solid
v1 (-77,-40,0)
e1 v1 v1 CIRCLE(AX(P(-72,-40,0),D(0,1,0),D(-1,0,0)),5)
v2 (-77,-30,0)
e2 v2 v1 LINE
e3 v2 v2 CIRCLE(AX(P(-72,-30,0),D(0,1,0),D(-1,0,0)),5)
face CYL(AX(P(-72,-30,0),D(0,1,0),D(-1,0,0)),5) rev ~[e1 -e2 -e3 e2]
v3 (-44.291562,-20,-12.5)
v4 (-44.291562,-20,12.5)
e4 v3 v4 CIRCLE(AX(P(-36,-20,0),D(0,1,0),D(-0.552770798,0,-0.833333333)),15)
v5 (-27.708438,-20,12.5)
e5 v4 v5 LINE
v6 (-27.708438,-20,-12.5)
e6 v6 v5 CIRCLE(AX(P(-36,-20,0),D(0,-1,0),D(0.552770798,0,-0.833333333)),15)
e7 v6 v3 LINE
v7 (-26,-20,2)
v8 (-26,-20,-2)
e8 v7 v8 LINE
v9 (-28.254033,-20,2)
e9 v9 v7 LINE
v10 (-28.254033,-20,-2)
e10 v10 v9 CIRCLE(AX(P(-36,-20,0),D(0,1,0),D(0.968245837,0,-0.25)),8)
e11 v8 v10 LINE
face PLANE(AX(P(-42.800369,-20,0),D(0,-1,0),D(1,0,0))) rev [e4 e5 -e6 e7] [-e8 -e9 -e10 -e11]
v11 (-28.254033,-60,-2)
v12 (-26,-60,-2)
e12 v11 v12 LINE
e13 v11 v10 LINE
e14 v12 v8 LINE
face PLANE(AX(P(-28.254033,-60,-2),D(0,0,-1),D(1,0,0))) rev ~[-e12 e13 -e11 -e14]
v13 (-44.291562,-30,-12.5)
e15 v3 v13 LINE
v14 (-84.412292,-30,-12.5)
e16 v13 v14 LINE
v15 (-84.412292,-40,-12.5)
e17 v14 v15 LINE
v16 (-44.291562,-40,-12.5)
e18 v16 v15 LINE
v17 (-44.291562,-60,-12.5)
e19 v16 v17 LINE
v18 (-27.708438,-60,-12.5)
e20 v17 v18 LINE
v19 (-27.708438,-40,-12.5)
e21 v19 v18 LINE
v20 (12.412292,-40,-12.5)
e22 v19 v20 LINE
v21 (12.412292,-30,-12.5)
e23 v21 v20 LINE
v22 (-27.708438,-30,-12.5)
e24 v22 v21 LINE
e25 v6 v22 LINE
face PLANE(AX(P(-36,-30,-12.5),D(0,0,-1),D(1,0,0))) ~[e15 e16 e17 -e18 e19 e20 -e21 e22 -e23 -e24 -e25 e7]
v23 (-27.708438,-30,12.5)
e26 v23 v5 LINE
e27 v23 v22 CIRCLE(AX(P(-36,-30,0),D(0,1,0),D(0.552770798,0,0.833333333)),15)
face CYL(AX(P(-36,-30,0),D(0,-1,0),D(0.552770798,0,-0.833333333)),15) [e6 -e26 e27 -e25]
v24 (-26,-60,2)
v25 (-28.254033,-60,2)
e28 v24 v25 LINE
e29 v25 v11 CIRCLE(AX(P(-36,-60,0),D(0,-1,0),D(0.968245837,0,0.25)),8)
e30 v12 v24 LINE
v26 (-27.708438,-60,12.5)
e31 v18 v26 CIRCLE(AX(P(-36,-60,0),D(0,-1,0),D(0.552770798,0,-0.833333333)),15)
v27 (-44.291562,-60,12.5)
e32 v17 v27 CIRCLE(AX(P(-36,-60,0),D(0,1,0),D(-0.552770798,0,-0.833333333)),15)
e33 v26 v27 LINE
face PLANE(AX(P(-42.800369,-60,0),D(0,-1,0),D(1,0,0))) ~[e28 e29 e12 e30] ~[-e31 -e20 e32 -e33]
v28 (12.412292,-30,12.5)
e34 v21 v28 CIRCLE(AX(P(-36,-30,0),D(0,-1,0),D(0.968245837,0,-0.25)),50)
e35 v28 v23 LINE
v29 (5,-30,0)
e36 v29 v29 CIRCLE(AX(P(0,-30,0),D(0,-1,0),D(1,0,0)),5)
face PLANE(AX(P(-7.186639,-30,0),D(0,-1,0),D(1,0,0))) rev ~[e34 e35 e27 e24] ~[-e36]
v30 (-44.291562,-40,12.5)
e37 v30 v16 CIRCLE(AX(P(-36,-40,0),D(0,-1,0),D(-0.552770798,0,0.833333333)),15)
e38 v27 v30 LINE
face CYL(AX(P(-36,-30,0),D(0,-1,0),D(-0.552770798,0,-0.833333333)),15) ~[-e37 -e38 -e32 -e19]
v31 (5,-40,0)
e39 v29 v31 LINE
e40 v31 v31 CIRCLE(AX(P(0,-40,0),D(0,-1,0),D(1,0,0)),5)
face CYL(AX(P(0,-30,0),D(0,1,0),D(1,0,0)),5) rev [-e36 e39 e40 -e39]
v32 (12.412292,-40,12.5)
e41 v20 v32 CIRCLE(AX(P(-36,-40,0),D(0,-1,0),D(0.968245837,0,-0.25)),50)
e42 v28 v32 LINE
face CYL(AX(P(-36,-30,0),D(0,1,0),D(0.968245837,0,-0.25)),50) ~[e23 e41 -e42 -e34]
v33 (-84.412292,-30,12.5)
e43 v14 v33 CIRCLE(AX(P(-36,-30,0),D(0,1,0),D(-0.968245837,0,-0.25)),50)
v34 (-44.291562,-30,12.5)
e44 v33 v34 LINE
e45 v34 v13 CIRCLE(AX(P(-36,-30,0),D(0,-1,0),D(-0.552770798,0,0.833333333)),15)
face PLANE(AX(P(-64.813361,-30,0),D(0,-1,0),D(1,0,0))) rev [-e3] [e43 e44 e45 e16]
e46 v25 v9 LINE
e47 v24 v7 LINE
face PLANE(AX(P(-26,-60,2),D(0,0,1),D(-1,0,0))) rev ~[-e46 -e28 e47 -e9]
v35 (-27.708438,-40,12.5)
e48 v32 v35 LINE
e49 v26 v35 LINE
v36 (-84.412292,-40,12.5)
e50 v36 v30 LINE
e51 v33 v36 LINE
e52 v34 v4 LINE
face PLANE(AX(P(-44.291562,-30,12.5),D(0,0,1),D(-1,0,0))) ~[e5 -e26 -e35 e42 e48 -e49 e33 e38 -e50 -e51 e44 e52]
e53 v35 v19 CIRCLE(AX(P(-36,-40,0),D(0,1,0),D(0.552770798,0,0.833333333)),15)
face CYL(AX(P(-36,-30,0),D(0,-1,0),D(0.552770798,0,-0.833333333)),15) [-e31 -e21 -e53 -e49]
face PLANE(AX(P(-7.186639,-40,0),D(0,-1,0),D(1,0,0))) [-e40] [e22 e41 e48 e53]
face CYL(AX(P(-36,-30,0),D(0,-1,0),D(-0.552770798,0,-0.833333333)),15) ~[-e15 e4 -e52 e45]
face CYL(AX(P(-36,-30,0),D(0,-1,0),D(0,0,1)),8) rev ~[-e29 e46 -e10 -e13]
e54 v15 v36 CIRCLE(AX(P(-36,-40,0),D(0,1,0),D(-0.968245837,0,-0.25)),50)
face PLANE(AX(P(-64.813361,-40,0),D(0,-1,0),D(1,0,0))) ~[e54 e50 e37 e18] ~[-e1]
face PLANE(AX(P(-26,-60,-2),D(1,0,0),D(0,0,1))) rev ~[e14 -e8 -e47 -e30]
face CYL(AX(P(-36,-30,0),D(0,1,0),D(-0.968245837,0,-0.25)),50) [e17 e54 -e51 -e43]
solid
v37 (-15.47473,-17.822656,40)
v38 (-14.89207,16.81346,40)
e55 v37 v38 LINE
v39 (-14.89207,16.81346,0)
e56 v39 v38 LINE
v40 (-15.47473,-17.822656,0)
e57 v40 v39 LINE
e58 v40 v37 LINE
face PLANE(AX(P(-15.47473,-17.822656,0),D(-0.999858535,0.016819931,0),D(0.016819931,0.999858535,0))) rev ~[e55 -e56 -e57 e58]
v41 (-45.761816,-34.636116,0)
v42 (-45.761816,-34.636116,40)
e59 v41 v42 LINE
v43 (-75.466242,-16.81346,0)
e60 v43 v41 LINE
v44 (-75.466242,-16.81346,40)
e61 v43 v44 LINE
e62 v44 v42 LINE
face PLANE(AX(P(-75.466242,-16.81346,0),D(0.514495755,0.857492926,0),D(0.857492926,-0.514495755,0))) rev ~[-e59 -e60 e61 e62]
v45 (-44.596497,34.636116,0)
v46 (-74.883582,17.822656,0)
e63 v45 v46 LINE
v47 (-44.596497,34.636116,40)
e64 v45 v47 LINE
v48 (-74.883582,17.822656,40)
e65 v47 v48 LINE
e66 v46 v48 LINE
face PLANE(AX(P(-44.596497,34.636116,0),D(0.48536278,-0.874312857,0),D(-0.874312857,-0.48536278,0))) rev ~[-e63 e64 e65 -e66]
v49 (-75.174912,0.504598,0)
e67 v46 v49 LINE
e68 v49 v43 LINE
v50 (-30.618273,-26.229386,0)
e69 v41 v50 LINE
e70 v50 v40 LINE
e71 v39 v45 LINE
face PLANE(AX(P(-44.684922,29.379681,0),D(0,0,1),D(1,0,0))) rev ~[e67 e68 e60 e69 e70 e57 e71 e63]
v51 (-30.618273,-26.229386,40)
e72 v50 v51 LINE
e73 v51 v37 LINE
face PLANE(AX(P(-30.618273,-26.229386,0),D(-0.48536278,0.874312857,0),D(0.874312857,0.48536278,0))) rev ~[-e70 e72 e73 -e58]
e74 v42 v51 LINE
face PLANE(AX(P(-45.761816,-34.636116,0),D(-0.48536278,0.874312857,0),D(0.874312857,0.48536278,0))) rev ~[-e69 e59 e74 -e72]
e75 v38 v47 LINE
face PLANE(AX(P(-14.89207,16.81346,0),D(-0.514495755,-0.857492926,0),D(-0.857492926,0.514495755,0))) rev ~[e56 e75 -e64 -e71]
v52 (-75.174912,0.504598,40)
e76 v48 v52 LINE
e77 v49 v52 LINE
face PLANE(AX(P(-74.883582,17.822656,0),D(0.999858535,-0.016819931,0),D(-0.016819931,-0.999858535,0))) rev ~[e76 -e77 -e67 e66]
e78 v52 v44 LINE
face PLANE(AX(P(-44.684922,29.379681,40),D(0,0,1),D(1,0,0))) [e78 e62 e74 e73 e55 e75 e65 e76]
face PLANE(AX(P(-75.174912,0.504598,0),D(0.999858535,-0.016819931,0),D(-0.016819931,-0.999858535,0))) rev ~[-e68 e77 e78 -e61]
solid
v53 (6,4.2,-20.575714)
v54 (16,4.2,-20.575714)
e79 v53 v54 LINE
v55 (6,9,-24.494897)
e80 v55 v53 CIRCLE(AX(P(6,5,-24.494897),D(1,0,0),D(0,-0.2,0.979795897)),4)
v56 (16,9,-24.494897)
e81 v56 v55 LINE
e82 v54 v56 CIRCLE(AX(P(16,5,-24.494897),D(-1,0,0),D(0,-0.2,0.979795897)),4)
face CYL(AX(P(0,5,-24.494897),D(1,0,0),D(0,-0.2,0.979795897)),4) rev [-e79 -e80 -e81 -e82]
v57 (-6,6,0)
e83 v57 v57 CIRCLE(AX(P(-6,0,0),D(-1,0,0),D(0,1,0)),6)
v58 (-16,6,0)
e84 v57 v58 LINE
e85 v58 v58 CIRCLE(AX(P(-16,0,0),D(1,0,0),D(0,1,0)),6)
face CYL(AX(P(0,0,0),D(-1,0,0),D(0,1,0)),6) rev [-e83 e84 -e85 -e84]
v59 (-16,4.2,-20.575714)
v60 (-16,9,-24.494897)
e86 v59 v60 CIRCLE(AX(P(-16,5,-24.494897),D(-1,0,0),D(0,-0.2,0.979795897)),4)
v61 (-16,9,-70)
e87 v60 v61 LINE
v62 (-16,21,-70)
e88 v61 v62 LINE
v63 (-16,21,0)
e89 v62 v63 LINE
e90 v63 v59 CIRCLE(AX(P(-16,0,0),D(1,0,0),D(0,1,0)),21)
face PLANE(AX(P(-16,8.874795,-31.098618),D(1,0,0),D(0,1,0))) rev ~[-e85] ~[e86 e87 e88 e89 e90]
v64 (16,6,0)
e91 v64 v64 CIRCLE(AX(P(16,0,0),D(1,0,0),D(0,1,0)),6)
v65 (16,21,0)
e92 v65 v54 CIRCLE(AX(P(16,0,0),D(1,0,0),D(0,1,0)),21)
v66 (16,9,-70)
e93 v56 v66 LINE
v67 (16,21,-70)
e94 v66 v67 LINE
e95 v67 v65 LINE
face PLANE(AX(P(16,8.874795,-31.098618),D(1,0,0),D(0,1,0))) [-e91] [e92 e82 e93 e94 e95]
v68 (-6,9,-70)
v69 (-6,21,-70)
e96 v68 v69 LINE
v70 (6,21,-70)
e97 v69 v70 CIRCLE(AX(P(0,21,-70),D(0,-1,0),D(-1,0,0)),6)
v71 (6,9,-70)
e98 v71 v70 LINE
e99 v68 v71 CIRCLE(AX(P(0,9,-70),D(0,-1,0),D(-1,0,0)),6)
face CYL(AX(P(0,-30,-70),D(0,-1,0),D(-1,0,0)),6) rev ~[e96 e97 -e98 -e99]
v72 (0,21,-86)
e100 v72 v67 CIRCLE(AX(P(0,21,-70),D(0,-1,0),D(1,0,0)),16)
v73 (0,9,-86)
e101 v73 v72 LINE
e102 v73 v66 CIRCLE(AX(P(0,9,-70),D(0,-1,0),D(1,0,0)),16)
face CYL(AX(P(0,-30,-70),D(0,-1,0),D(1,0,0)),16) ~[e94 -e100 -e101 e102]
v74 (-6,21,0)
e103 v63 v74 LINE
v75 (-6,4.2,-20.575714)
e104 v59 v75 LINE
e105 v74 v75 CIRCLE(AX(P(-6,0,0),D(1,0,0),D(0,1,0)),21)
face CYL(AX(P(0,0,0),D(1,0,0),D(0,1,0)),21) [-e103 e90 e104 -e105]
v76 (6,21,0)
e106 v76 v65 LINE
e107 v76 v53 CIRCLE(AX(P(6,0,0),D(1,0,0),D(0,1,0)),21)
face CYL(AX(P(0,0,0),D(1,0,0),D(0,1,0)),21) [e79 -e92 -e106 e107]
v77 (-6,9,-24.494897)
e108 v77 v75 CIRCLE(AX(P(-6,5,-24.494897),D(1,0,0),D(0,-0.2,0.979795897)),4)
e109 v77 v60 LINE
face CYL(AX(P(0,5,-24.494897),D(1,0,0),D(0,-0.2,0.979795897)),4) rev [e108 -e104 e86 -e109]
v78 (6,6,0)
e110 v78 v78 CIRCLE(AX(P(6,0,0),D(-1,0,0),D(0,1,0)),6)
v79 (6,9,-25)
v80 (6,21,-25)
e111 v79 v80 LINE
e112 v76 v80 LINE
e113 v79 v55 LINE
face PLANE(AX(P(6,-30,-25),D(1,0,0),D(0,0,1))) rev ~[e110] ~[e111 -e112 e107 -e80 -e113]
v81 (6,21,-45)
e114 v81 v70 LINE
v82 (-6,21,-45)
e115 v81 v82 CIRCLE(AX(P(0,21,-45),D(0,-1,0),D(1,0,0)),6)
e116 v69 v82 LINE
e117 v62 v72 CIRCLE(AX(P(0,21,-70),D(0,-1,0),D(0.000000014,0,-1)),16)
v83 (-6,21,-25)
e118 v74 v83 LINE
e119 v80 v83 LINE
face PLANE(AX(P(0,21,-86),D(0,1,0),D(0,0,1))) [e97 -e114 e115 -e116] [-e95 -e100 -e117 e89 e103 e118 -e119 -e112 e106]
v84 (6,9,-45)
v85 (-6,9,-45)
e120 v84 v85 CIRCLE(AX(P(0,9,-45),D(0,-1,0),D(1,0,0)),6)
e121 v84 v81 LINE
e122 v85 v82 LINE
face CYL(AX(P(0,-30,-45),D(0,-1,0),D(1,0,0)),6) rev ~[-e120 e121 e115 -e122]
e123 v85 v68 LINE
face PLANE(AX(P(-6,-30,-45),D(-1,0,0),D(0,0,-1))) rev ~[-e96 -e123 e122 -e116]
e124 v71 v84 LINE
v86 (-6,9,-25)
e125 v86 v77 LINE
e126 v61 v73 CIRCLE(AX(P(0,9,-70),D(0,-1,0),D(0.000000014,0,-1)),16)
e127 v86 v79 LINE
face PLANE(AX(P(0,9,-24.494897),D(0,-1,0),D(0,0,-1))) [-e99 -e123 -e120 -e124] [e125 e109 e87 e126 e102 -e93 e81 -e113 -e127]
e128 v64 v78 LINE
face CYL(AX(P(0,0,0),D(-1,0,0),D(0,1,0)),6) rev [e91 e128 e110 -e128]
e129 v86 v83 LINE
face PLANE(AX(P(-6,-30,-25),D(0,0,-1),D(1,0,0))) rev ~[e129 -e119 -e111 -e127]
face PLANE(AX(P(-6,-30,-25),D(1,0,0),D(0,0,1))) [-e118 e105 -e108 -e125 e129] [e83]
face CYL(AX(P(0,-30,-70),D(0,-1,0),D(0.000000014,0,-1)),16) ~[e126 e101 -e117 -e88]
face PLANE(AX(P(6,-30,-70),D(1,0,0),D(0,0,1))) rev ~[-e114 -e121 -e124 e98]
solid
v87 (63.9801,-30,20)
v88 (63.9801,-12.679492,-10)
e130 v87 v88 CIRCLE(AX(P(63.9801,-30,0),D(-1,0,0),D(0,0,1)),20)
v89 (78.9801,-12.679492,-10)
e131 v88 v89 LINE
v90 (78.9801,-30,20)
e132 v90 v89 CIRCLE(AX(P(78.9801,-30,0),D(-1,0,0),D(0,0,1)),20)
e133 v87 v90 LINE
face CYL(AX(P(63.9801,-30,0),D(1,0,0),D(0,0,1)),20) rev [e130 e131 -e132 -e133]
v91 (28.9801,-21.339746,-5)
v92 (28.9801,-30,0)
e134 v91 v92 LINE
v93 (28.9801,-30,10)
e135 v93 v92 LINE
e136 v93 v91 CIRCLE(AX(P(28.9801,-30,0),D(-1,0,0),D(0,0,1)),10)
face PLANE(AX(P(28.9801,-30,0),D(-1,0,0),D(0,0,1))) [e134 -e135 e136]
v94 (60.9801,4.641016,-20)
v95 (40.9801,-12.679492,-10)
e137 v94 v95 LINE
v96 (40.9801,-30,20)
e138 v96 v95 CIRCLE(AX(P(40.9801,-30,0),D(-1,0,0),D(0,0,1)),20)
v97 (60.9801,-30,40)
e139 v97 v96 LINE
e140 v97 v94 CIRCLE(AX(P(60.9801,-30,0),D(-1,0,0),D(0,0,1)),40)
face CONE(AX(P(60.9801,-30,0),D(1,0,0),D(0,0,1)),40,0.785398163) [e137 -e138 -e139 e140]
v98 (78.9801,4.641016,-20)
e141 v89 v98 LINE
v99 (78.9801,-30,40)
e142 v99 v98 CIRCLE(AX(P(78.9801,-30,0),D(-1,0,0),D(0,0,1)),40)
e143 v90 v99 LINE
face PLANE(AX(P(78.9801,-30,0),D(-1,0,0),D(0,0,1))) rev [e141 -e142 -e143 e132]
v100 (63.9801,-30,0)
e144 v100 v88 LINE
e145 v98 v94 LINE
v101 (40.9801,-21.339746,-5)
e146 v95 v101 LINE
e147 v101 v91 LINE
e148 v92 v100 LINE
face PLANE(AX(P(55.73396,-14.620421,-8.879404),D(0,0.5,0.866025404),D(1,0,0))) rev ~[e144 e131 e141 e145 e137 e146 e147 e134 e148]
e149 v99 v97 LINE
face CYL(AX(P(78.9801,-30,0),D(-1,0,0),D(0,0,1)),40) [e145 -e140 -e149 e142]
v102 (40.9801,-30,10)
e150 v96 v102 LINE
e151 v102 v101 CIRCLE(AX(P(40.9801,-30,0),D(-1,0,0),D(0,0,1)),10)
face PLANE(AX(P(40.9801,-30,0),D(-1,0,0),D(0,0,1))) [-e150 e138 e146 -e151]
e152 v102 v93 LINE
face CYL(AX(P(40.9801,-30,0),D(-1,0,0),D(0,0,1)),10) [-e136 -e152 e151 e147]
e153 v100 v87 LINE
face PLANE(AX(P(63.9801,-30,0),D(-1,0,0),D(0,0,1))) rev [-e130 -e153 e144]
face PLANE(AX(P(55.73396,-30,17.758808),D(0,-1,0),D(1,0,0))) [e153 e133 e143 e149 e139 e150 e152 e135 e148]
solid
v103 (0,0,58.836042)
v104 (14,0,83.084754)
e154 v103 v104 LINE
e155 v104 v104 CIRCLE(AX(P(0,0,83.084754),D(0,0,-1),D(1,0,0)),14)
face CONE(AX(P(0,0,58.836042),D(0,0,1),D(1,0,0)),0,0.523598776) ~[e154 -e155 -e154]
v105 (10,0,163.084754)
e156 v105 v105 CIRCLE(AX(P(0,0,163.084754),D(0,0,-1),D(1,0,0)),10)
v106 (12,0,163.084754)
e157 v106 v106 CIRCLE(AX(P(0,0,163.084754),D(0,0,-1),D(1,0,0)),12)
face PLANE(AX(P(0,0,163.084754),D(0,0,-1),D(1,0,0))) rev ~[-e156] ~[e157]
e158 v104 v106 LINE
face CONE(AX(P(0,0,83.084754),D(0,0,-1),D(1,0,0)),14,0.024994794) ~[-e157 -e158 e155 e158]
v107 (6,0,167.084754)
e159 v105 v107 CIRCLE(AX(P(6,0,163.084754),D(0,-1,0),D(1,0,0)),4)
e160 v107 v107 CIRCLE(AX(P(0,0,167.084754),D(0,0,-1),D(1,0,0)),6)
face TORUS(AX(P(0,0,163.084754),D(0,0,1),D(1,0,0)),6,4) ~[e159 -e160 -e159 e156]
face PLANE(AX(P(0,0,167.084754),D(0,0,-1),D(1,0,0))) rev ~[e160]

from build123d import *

# Parameters (mm, degrees)
F0_R          = 6
F1_DEPTH      = 16
F3_W          = 12
F3_H          = 46
F4_DEPTH      = 51.001
F6_DEPTH      = 30
F6_DEPTH_BACK = 10
F5_R          = 5
F7_DEPTH      = 10
F11_DEPTH     = 81.001
F15_ANGLE     = 120
F17_DEPTH     = 40


with BuildPart() as f1:
    # F0 (on Right) → F1 (new body, symmetric)
    with BuildSketch(Plane.YZ):
        with BuildLine():
            Line((21, -86), (21, 0))
            ThreePointArc((21, 0), (-16.2665300541, 13.2815661727), (4.2, -20.5757138394))
            ThreePointArc((4.2, -20.5757138394), (7.5298221281, -21.3965107509), (9, -24.4948974278))
            Line((9, -24.4948974278), (9, -86))
            Line((9, -86), (21, -86))
        make_face()
        Circle(F0_R, mode=Mode.SUBTRACT)
    extrude(amount=F1_DEPTH, both=True)

    # F3 (on offset) → F4 (cut, through all)
    with BuildSketch(Plane.XZ.offset(30)):
        with Locations((0, -2)):
            Rectangle(F3_W, F3_H)
        with BuildLine():
            ThreePointArc((6, -45), (0, -39), (-6, -45))
            Line((-6, -45), (-6, -70))
            ThreePointArc((-6, -70), (0, -76), (6, -70))
            Line((6, -70), (6, -45))
        make_face()
        with BuildLine():
            ThreePointArc((2.313e-07, -86), (-11.3137084172, -81.3137085808), (-16, -70))
            Line((-16, -70), (-16, -86))
            Line((-16, -86), (2.313e-07, -86))
        make_face()
        with BuildLine():
            ThreePointArc((16, -70), (11.3137085808, -81.3137084172), (2.313e-07, -86))
            Line((2.313e-07, -86), (16, -86))
            Line((16, -86), (16, -70))
        make_face()
    extrude(amount=-F4_DEPTH, mode=Mode.SUBTRACT)


with BuildPart() as f6:
    # F5 (on offset) → F6 (new body, two sides)
    with BuildSketch(Plane.XZ.offset(30)) as f6_sk:
        with BuildLine():
            ThreePointArc((-36, 8), (-28, 0), (-36, -8))
            Line((-36, -8), (-36, -12.5))
            Line((-36, -12.5), (-27.7084380241, -12.5))
            ThreePointArc((-27.7084380241, -12.5), (-21, 0), (-27.7084380241, 12.5))
            Line((-27.7084380241, 12.5), (-36, 12.5))
            Line((-36, 12.5), (-36, 8))
        make_face()
    extrude(amount=F6_DEPTH)
    extrude(f6_sk.sketch, amount=-F6_DEPTH_BACK)

    # F5 (on offset) → F7 (join)
    with BuildSketch(Plane.XZ.offset(30)):
        with BuildLine():
            ThreePointArc((-27.7084380241, 12.5), (-21, 0), (-27.7084380241, -12.5))
            Line((-27.7084380241, -12.5), (12.4122918276, -12.5))
            ThreePointArc((12.4122918276, -12.5), (14, 0), (12.4122918276, 12.5))
            Line((12.4122918276, 12.5), (-27.7084380241, 12.5))
        make_face()
        Circle(F5_R, mode=Mode.SUBTRACT)
    extrude(amount=F7_DEPTH)

    # F9: F6 across plane


with BuildPart() as f6_1:
    add(f6.part)
    add(f6.part.mirror(Plane(origin=(-36, -40, 10.25), x_dir=(0, -1, 0), z_dir=(-1, 0, 0))))

    # F10 (on face) → F11 (cut, through all)
    with BuildSketch(Plane.XZ.offset(60)):
        with BuildLine():
            Line((-28.2540333076, -2), (-26, -2))
            Line((-26, -2), (-26, 2))
            Line((-26, 2), (-28.2540333076, 2))
            ThreePointArc((-28.2540333076, 2), (-28.0637624299, 1.0080343399), (-28, 0))
            ThreePointArc((-28, 0), (-28.0637624299, -1.0080343399), (-28.2540333076, -2))
        make_face()
    extrude(amount=-F11_DEPTH, mode=Mode.SUBTRACT)


with BuildPart() as f13:
    # F12 (on Front) → F13 (revolve)
    with BuildSketch(Plane.XZ):
        Polygon((0, 83.0847536068), (0, 58.8360423009), (14, 83.0847536068), align=None)
        with BuildLine():
            Line((0, 83.0847536068), (14, 83.0847536068))
            Line((14, 83.0847536068), (12, 163.0847536068))
            Line((12, 163.0847536068), (10, 163.0847536068))
            ThreePointArc((10, 163.0847536068), (8.8284271247, 165.9131807316), (6, 167.0847536068))
            Line((6, 167.0847536068), (0, 167.0847536068))
            Line((0, 167.0847536068), (0, 83.0847536068))
        make_face()
    revolve(axis=Axis((0, 0, 112.9603979538), (0, 0, -1)))


with BuildPart() as f15:
    # F14 (on offset) → F15 (revolve)
    with BuildSketch(Plane.XZ.offset(30)):
        Polygon((28.9800996632, 0), (63.9800996632, 0), (63.9800996632, 20), (78.9800996632, 20), (78.9800996632, 40), (60.9800996632, 40), (40.9800996632, 20), (40.9800996632, 10), (28.9800996632, 10), align=None)
    revolve(axis=Axis((46.4800996632, -30, 0), (-1, 0, 0)), revolution_arc=F15_ANGLE)


with BuildPart() as f17:
    # F16 (on Top) → F17 (new body)
    with BuildSketch(Plane.XY):
        with BuildLine():
            Line((-29.7442835163, 25.7247878067), (-44.5964966021, 34.6361156582))
            Line((-44.5964966021, 34.6361156582), (-59.7400388381, 26.2293860866))
            ThreePointArc((-59.7400388381, 26.2293860866), (-44.6745578282, 29.9957560425), (-29.7442835163, 25.7247878067))
        make_face()
        with BuildLine():
            Line((-14.8920703128, 16.8134598846), (-29.7442835163, 25.7247878067))
            ThreePointArc((-29.7442835163, 25.7247878067), (-19.0731589346, 14.7809644793), (-15.1791561203, 0))
            ThreePointArc((-15.1791561203, 0), (-15.1802171275, -0.2523079579), (-15.183400074, -0.5045980691))
            Line((-15.183400074, -0.5045980691), (-14.8920703128, 16.8134598846))
        make_face()
        with BuildLine():
            ThreePointArc((-15.1791561203, 0), (-19.0731589346, 14.7809644793), (-29.7442835163, 25.7247878067))
            ThreePointArc((-29.7442835163, 25.7247878067), (-44.6745578282, 29.9957560425), (-59.7400388381, 26.2293860866))
            ThreePointArc((-59.7400388381, 26.2293860866), (-70.9039437918, 15.4348728293), (-75.174912175, 0.504597569))
            ThreePointArc((-75.174912175, 0.504597569), (-71.4085418639, -14.5608833355), (-60.6140292033, -25.7247875193))
            ThreePointArc((-60.6140292033, -25.7247875193), (-45.683754357, -29.9957560435), (-30.6182728172, -26.2293857617))
            ThreePointArc((-30.6182728172, -26.2293857617), (-19.4543684053, -15.4348727567), (-15.183400074, -0.5045980691))
            ThreePointArc((-15.183400074, -0.5045980691), (-15.1802171275, -0.2523079579), (-15.1791561203, 0))
        make_face()
        with BuildLine():
            ThreePointArc((-75.174912175, 0.504597569), (-70.9039437918, 15.4348728293), (-59.7400388381, 26.2293860866))
            Line((-59.7400388381, 26.2293860866), (-74.8835824096, 17.8226557736))
            Line((-74.8835824096, 17.8226557736), (-75.174912175, 0.504597569))
        make_face()
        with BuildLine():
            ThreePointArc((-60.6140292033, -25.7247875193), (-71.4085418639, -14.5608833355), (-75.174912175, 0.504597569))
            Line((-75.174912175, 0.504597569), (-75.4662419278, -16.8134598846))
            Line((-75.4662419278, -16.8134598846), (-60.6140292033, -25.7247875193))
        make_face()
        with BuildLine():
            Line((-15.474729831, -17.8226557736), (-15.183400074, -0.5045980691))
            ThreePointArc((-15.183400074, -0.5045980691), (-19.4543684053, -15.4348727567), (-30.6182728172, -26.2293857617))
            Line((-30.6182728172, -26.2293857617), (-15.474729831, -17.8226557736))
        make_face()
        with BuildLine():
            ThreePointArc((-30.6182728172, -26.2293857617), (-45.683754357, -29.9957560435), (-60.6140292033, -25.7247875193))
            Line((-60.6140292033, -25.7247875193), (-45.7618156385, -34.6361156582))
            Line((-45.7618156385, -34.6361156582), (-30.6182728172, -26.2293857617))
        make_face()
    extrude(amount=F17_DEPTH)


solid = Compound([f1.part, f6_1.part, f13.part, f15.part, f17.part])
